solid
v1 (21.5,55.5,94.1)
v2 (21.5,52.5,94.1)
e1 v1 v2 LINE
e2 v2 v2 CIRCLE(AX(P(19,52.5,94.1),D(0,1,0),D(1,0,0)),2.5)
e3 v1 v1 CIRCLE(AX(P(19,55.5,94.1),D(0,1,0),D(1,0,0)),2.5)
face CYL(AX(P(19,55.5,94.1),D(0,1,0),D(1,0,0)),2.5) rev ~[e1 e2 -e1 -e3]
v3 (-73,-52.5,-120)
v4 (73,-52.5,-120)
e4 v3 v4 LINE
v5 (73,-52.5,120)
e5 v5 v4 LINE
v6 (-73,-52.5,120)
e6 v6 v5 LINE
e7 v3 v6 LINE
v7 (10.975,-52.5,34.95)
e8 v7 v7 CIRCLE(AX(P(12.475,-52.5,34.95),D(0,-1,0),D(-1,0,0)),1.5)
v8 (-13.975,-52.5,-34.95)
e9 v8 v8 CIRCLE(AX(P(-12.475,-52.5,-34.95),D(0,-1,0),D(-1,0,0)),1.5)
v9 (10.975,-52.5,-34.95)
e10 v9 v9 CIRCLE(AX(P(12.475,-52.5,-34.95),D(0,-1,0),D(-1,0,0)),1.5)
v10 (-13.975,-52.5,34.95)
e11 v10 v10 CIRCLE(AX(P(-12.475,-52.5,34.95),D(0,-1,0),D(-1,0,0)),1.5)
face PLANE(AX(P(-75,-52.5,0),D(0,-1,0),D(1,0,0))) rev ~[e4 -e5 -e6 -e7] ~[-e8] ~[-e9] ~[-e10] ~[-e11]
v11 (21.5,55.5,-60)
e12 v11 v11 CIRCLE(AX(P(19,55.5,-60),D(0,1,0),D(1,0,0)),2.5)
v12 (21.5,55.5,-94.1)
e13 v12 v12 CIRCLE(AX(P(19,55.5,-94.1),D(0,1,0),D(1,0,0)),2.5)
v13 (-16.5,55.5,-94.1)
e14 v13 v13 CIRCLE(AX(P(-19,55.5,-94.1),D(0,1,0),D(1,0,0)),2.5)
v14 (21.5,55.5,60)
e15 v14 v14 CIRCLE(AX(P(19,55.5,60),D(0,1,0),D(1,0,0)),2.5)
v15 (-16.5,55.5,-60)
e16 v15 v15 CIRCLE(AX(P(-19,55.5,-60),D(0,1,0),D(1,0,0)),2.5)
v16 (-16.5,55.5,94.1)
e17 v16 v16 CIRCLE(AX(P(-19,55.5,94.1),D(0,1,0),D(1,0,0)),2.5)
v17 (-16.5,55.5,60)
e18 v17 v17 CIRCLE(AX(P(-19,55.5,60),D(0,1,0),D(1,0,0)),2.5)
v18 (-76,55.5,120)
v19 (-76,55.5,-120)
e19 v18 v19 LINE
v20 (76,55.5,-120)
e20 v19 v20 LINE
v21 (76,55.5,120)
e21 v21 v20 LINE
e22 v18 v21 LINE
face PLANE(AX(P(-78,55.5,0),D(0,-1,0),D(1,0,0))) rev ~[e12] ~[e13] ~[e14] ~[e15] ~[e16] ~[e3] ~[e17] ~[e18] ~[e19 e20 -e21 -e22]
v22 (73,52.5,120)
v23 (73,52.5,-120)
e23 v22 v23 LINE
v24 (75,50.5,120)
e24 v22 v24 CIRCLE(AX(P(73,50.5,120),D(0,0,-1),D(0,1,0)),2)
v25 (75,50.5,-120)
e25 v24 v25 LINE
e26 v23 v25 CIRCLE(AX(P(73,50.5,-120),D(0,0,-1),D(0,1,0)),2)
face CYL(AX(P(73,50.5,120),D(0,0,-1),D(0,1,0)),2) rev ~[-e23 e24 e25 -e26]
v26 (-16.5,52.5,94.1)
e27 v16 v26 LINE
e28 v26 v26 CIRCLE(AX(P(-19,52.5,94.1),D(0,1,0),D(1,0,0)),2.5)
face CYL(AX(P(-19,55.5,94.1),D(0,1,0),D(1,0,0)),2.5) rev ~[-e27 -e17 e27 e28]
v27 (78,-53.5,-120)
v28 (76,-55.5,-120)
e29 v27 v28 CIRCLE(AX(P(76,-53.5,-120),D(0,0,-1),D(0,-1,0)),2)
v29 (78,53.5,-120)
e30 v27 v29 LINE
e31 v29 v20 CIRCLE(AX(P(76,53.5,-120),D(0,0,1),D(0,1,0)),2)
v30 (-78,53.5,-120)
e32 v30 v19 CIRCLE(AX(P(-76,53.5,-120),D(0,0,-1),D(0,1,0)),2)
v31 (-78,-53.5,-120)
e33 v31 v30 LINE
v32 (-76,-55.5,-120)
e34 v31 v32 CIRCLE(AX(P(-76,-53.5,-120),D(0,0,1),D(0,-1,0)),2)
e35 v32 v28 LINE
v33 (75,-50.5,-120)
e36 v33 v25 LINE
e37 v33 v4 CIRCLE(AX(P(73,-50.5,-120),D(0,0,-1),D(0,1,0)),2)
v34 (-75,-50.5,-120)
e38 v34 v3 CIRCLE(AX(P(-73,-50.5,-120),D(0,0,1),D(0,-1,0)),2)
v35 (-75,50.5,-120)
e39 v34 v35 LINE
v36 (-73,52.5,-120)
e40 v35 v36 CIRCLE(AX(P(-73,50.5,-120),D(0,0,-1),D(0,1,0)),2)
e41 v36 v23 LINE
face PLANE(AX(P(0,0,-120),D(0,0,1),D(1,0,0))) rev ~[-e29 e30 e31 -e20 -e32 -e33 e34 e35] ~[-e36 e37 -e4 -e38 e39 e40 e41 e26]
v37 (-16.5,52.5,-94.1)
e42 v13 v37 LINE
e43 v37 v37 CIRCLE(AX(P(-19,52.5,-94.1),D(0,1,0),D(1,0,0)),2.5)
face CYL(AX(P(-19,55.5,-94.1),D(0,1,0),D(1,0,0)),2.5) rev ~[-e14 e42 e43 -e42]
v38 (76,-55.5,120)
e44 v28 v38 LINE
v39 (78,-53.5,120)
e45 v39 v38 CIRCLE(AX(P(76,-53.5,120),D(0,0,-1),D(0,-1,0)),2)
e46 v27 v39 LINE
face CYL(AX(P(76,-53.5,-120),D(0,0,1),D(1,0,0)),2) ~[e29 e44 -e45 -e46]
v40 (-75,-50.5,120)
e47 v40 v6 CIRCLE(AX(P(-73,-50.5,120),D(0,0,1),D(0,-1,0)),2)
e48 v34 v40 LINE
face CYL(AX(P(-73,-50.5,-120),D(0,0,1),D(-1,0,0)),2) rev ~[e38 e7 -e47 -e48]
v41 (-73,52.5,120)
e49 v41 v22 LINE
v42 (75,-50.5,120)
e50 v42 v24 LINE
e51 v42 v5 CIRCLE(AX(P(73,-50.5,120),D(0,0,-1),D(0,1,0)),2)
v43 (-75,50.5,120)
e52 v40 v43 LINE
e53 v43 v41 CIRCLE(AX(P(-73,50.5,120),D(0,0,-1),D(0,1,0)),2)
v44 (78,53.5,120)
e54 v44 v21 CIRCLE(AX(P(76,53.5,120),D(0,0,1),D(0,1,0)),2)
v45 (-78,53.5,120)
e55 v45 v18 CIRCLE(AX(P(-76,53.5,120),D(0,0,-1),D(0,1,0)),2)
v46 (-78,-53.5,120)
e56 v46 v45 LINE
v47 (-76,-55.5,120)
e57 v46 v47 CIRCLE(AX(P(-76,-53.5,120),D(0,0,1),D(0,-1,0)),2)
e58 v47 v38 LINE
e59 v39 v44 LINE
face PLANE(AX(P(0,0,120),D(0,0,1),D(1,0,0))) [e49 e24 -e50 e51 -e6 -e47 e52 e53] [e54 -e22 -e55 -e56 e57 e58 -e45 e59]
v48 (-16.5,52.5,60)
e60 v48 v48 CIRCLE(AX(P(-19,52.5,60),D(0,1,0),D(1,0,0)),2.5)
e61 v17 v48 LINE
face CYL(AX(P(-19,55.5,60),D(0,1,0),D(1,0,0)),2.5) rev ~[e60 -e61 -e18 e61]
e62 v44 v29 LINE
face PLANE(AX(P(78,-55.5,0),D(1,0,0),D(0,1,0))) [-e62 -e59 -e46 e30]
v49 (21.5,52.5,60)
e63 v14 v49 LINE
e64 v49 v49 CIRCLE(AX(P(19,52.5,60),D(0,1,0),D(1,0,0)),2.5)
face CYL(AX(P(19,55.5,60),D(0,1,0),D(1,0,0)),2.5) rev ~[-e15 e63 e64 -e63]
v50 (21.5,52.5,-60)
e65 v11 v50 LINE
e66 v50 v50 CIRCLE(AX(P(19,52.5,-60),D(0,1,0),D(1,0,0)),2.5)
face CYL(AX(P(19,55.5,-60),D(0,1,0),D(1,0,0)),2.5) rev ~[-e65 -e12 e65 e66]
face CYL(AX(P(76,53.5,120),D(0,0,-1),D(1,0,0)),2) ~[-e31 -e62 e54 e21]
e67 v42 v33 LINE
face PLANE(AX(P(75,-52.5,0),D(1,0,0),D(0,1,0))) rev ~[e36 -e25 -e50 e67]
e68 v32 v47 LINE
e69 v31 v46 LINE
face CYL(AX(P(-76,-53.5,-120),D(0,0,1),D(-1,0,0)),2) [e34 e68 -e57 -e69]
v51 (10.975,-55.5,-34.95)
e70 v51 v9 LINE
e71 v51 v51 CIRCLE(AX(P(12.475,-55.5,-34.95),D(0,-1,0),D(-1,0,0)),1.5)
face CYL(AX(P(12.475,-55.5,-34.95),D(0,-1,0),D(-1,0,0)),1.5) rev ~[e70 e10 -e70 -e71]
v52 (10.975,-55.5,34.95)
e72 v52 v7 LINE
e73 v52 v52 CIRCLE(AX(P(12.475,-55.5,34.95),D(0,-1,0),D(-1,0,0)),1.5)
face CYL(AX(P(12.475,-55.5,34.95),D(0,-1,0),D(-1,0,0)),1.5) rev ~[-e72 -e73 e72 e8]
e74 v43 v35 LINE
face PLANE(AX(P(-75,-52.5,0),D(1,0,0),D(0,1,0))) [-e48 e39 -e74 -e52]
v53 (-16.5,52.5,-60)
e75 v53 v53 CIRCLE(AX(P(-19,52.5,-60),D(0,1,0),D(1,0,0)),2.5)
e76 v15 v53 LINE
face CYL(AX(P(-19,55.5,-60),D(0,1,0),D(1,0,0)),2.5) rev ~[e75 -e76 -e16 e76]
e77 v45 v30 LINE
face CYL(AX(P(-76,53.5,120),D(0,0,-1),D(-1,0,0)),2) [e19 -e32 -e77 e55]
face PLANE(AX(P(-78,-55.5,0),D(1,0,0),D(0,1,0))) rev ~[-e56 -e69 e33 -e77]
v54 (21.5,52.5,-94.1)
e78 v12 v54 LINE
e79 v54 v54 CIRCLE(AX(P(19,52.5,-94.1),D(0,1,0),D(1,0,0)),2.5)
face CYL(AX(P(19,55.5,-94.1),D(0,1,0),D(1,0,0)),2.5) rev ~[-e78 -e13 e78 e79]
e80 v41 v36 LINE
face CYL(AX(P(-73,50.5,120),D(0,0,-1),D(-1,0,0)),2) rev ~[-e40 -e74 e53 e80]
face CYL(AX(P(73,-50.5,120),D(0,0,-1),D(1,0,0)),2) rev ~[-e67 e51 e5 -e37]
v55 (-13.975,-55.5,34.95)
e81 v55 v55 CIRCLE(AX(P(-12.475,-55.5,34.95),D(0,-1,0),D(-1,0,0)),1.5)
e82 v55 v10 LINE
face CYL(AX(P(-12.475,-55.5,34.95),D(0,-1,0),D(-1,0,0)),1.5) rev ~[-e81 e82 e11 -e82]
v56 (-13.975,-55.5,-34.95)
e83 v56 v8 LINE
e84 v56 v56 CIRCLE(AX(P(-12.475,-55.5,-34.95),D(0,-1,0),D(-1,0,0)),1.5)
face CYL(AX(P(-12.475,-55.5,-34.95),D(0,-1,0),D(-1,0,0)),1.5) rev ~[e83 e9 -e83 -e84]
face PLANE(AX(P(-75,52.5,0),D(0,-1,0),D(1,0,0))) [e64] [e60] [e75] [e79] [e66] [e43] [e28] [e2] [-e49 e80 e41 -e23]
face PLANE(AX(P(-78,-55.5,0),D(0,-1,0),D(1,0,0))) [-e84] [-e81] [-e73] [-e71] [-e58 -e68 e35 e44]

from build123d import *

# Parameters (mm, degrees)
SKETCH1_W                      = 156
SKETCH1_H                      = 111
SKETCH1_W_2                    = 150
SKETCH1_H_2                    = 105
EXTRUDE_THIN1_DEPTH            = 120
FILLET1_R                      = 2
CUT_EXTRUDE1_REACH             = 183.122
SKETCH5_R                      = 2.5
CUT_EXTRUDE1_DIRECTION_2_DEPTH = 182.121506177
CUT_EXTRUDE2_REACH             = 183.122
SKETCH7_R                      = 1.5
CUT_EXTRUDE2_DIRECTION_2_DEPTH = 182.121506177


with BuildPart() as part:
    # Sketch1 → Extrude-Thin1 (new, symmetric)
    with BuildSketch(Plane.XY):
        Rectangle(SKETCH1_W, SKETCH1_H)
        Rectangle(SKETCH1_W_2, SKETCH1_H_2, mode=Mode.SUBTRACT)
    extrude(amount=EXTRUDE_THIN1_DEPTH, both=True)

    # Fillet1
    fillet1_edges = [part.edges().sort_by_distance(p)[0] for p in [
        (-75, 52.5, 0),
        (-75, -52.5, 0),
        (75, -52.5, 0),
        (75, 52.5, 0),
        (-78, 55.5, 0),
        (78, 55.5, 0),
        (78, -55.5, 0),
        (-78, -55.5, 0),
    ]]
    fillet(fillet1_edges, radius=FILLET1_R)

    # Sketch5 → Cut-Extrude1 (cut, up to next)
    with BuildSketch(Plane(origin=(0, 55.5, 0), x_dir=(1, 0, 0), z_dir=(0, 1, 0)), mode=Mode.PRIVATE) as cut_extrude1_sk1:
        with Locations((-19, 60)):
            Circle(SKETCH5_R)
    cut_extrude1_tool1 = extrude(cut_extrude1_sk1.sketch, amount=-CUT_EXTRUDE1_REACH, mode=Mode.PRIVATE) & part.part
    # Sketch5 → Cut-Extrude1 (cut, up to next)
    with BuildSketch(Plane(origin=(0, 55.5, 0), x_dir=(1, 0, 0), z_dir=(0, 1, 0)), mode=Mode.PRIVATE) as cut_extrude1_sk2:
        with Locations((19, 60)):
            Circle(SKETCH5_R)
    cut_extrude1_tool2 = extrude(cut_extrude1_sk2.sketch, amount=-CUT_EXTRUDE1_REACH, mode=Mode.PRIVATE) & part.part
    # Sketch5 → Cut-Extrude1 (cut, up to next)
    with BuildSketch(Plane(origin=(0, 55.5, 0), x_dir=(1, 0, 0), z_dir=(0, 1, 0)), mode=Mode.PRIVATE) as cut_extrude1_sk3:
        with Locations((19, -60)):
            Circle(SKETCH5_R)
    cut_extrude1_tool3 = extrude(cut_extrude1_sk3.sketch, amount=-CUT_EXTRUDE1_REACH, mode=Mode.PRIVATE) & part.part
    # Sketch5 → Cut-Extrude1 (cut, up to next)
    with BuildSketch(Plane(origin=(0, 55.5, 0), x_dir=(1, 0, 0), z_dir=(0, 1, 0)), mode=Mode.PRIVATE) as cut_extrude1_sk4:
        with Locations((-19, -60)):
            Circle(SKETCH5_R)
    cut_extrude1_tool4 = extrude(cut_extrude1_sk4.sketch, amount=-CUT_EXTRUDE1_REACH, mode=Mode.PRIVATE) & part.part
    # Sketch5 → Cut-Extrude1 (cut, up to next)
    with BuildSketch(Plane(origin=(0, 55.5, 0), x_dir=(1, 0, 0), z_dir=(0, 1, 0)), mode=Mode.PRIVATE) as cut_extrude1_sk5:
        with Locations((-19, 94.1)):
            Circle(SKETCH5_R)
    cut_extrude1_tool5 = extrude(cut_extrude1_sk5.sketch, amount=-CUT_EXTRUDE1_REACH, mode=Mode.PRIVATE) & part.part
    # Sketch5 → Cut-Extrude1 (cut, up to next)
    with BuildSketch(Plane(origin=(0, 55.5, 0), x_dir=(1, 0, 0), z_dir=(0, 1, 0)), mode=Mode.PRIVATE) as cut_extrude1_sk6:
        with Locations((19, 94.1)):
            Circle(SKETCH5_R)
    cut_extrude1_tool6 = extrude(cut_extrude1_sk6.sketch, amount=-CUT_EXTRUDE1_REACH, mode=Mode.PRIVATE) & part.part
    # Sketch5 → Cut-Extrude1 (cut, up to next)
    with BuildSketch(Plane(origin=(0, 55.5, 0), x_dir=(1, 0, 0), z_dir=(0, 1, 0)), mode=Mode.PRIVATE) as cut_extrude1_sk7:
        with Locations((19, -94.1)):
            Circle(SKETCH5_R)
    cut_extrude1_tool7 = extrude(cut_extrude1_sk7.sketch, amount=-CUT_EXTRUDE1_REACH, mode=Mode.PRIVATE) & part.part
    # Sketch5 → Cut-Extrude1 (cut, up to next)
    with BuildSketch(Plane(origin=(0, 55.5, 0), x_dir=(1, 0, 0), z_dir=(0, 1, 0)), mode=Mode.PRIVATE) as cut_extrude1_sk8:
        with Locations((-19, -94.1)):
            Circle(SKETCH5_R)
    cut_extrude1_tool8 = extrude(cut_extrude1_sk8.sketch, amount=-CUT_EXTRUDE1_REACH, mode=Mode.PRIVATE) & part.part
    add(cut_extrude1_tool1.solids().sort_by_distance((-19, 55.5, -60))[0], mode=Mode.SUBTRACT)
    add(cut_extrude1_tool2.solids().sort_by_distance((19, 55.5, -60))[0], mode=Mode.SUBTRACT)
    add(cut_extrude1_tool3.solids().sort_by_distance((19, 55.5, 60))[0], mode=Mode.SUBTRACT)
    add(cut_extrude1_tool4.solids().sort_by_distance((-19, 55.5, 60))[0], mode=Mode.SUBTRACT)
    add(cut_extrude1_tool5.solids().sort_by_distance((-19, 55.5, -94.1))[0], mode=Mode.SUBTRACT)
    add(cut_extrude1_tool6.solids().sort_by_distance((19, 55.5, -94.1))[0], mode=Mode.SUBTRACT)
    add(cut_extrude1_tool7.solids().sort_by_distance((19, 55.5, 94.1))[0], mode=Mode.SUBTRACT)
    add(cut_extrude1_tool8.solids().sort_by_distance((-19, 55.5, 94.1))[0], mode=Mode.SUBTRACT)

    # Sketch5 → Cut-Extrude1 direction 2 (cut)
    with BuildSketch(Plane(origin=(0, 55.5, 0), x_dir=(1, 0, 0), z_dir=(0, 1, 0))):
        with Locations((-19, 60)):
            Circle(SKETCH5_R)
        with Locations((19, 60)):
            Circle(SKETCH5_R)
        with Locations((19, -60)):
            Circle(SKETCH5_R)
        with Locations((-19, -60)):
            Circle(SKETCH5_R)
        with Locations((-19, 94.1)):
            Circle(SKETCH5_R)
        with Locations((19, 94.1)):
            Circle(SKETCH5_R)
        with Locations((19, -94.1)):
            Circle(SKETCH5_R)
        with Locations((-19, -94.1)):
            Circle(SKETCH5_R)
    extrude(amount=CUT_EXTRUDE1_DIRECTION_2_DEPTH, mode=Mode.SUBTRACT)

    # Sketch7 → Cut-Extrude2 (cut, up to next)
    with BuildSketch(Plane(origin=(0, -55.5, 0), x_dir=(-1, 0, 0), z_dir=(0, -1, 0)), mode=Mode.PRIVATE) as cut_extrude2_sk1:
        with Locations((-12.475, -34.95)):
            Circle(SKETCH7_R)
    cut_extrude2_tool1 = extrude(cut_extrude2_sk1.sketch, amount=-CUT_EXTRUDE2_REACH, mode=Mode.PRIVATE) & part.part
    # Sketch7 → Cut-Extrude2 (cut, up to next)
    with BuildSketch(Plane(origin=(0, -55.5, 0), x_dir=(-1, 0, 0), z_dir=(0, -1, 0)), mode=Mode.PRIVATE) as cut_extrude2_sk2:
        with Locations((12.475, -34.95)):
            Circle(SKETCH7_R)
    cut_extrude2_tool2 = extrude(cut_extrude2_sk2.sketch, amount=-CUT_EXTRUDE2_REACH, mode=Mode.PRIVATE) & part.part
    # Sketch7 → Cut-Extrude2 (cut, up to next)
    with BuildSketch(Plane(origin=(0, -55.5, 0), x_dir=(-1, 0, 0), z_dir=(0, -1, 0)), mode=Mode.PRIVATE) as cut_extrude2_sk3:
        with Locations((-12.475, 34.95)):
            Circle(SKETCH7_R)
    cut_extrude2_tool3 = extrude(cut_extrude2_sk3.sketch, amount=-CUT_EXTRUDE2_REACH, mode=Mode.PRIVATE) & part.part
    # Sketch7 → Cut-Extrude2 (cut, up to next)
    with BuildSketch(Plane(origin=(0, -55.5, 0), x_dir=(-1, 0, 0), z_dir=(0, -1, 0)), mode=Mode.PRIVATE) as cut_extrude2_sk4:
        with Locations((12.475, 34.95)):
            Circle(SKETCH7_R)
    cut_extrude2_tool4 = extrude(cut_extrude2_sk4.sketch, amount=-CUT_EXTRUDE2_REACH, mode=Mode.PRIVATE) & part.part
    add(cut_extrude2_tool1.solids().sort_by_distance((12.475, -55.5, 34.95))[0], mode=Mode.SUBTRACT)
    add(cut_extrude2_tool2.solids().sort_by_distance((-12.475, -55.5, 34.95))[0], mode=Mode.SUBTRACT)
    add(cut_extrude2_tool3.solids().sort_by_distance((12.475, -55.5, -34.95))[0], mode=Mode.SUBTRACT)
    add(cut_extrude2_tool4.solids().sort_by_distance((-12.475, -55.5, -34.95))[0], mode=Mode.SUBTRACT)

    # Sketch7 → Cut-Extrude2 direction 2 (cut)
    with BuildSketch(Plane(origin=(0, -55.5, 0), x_dir=(-1, 0, 0), z_dir=(0, -1, 0))):
        with Locations((-12.475, -34.95)):
            Circle(SKETCH7_R)
        with Locations((12.475, -34.95)):
            Circle(SKETCH7_R)
        with Locations((-12.475, 34.95)):
            Circle(SKETCH7_R)
        with Locations((12.475, 34.95)):
            Circle(SKETCH7_R)
    extrude(amount=CUT_EXTRUDE2_DIRECTION_2_DEPTH, mode=Mode.SUBTRACT)


solid = part.part
